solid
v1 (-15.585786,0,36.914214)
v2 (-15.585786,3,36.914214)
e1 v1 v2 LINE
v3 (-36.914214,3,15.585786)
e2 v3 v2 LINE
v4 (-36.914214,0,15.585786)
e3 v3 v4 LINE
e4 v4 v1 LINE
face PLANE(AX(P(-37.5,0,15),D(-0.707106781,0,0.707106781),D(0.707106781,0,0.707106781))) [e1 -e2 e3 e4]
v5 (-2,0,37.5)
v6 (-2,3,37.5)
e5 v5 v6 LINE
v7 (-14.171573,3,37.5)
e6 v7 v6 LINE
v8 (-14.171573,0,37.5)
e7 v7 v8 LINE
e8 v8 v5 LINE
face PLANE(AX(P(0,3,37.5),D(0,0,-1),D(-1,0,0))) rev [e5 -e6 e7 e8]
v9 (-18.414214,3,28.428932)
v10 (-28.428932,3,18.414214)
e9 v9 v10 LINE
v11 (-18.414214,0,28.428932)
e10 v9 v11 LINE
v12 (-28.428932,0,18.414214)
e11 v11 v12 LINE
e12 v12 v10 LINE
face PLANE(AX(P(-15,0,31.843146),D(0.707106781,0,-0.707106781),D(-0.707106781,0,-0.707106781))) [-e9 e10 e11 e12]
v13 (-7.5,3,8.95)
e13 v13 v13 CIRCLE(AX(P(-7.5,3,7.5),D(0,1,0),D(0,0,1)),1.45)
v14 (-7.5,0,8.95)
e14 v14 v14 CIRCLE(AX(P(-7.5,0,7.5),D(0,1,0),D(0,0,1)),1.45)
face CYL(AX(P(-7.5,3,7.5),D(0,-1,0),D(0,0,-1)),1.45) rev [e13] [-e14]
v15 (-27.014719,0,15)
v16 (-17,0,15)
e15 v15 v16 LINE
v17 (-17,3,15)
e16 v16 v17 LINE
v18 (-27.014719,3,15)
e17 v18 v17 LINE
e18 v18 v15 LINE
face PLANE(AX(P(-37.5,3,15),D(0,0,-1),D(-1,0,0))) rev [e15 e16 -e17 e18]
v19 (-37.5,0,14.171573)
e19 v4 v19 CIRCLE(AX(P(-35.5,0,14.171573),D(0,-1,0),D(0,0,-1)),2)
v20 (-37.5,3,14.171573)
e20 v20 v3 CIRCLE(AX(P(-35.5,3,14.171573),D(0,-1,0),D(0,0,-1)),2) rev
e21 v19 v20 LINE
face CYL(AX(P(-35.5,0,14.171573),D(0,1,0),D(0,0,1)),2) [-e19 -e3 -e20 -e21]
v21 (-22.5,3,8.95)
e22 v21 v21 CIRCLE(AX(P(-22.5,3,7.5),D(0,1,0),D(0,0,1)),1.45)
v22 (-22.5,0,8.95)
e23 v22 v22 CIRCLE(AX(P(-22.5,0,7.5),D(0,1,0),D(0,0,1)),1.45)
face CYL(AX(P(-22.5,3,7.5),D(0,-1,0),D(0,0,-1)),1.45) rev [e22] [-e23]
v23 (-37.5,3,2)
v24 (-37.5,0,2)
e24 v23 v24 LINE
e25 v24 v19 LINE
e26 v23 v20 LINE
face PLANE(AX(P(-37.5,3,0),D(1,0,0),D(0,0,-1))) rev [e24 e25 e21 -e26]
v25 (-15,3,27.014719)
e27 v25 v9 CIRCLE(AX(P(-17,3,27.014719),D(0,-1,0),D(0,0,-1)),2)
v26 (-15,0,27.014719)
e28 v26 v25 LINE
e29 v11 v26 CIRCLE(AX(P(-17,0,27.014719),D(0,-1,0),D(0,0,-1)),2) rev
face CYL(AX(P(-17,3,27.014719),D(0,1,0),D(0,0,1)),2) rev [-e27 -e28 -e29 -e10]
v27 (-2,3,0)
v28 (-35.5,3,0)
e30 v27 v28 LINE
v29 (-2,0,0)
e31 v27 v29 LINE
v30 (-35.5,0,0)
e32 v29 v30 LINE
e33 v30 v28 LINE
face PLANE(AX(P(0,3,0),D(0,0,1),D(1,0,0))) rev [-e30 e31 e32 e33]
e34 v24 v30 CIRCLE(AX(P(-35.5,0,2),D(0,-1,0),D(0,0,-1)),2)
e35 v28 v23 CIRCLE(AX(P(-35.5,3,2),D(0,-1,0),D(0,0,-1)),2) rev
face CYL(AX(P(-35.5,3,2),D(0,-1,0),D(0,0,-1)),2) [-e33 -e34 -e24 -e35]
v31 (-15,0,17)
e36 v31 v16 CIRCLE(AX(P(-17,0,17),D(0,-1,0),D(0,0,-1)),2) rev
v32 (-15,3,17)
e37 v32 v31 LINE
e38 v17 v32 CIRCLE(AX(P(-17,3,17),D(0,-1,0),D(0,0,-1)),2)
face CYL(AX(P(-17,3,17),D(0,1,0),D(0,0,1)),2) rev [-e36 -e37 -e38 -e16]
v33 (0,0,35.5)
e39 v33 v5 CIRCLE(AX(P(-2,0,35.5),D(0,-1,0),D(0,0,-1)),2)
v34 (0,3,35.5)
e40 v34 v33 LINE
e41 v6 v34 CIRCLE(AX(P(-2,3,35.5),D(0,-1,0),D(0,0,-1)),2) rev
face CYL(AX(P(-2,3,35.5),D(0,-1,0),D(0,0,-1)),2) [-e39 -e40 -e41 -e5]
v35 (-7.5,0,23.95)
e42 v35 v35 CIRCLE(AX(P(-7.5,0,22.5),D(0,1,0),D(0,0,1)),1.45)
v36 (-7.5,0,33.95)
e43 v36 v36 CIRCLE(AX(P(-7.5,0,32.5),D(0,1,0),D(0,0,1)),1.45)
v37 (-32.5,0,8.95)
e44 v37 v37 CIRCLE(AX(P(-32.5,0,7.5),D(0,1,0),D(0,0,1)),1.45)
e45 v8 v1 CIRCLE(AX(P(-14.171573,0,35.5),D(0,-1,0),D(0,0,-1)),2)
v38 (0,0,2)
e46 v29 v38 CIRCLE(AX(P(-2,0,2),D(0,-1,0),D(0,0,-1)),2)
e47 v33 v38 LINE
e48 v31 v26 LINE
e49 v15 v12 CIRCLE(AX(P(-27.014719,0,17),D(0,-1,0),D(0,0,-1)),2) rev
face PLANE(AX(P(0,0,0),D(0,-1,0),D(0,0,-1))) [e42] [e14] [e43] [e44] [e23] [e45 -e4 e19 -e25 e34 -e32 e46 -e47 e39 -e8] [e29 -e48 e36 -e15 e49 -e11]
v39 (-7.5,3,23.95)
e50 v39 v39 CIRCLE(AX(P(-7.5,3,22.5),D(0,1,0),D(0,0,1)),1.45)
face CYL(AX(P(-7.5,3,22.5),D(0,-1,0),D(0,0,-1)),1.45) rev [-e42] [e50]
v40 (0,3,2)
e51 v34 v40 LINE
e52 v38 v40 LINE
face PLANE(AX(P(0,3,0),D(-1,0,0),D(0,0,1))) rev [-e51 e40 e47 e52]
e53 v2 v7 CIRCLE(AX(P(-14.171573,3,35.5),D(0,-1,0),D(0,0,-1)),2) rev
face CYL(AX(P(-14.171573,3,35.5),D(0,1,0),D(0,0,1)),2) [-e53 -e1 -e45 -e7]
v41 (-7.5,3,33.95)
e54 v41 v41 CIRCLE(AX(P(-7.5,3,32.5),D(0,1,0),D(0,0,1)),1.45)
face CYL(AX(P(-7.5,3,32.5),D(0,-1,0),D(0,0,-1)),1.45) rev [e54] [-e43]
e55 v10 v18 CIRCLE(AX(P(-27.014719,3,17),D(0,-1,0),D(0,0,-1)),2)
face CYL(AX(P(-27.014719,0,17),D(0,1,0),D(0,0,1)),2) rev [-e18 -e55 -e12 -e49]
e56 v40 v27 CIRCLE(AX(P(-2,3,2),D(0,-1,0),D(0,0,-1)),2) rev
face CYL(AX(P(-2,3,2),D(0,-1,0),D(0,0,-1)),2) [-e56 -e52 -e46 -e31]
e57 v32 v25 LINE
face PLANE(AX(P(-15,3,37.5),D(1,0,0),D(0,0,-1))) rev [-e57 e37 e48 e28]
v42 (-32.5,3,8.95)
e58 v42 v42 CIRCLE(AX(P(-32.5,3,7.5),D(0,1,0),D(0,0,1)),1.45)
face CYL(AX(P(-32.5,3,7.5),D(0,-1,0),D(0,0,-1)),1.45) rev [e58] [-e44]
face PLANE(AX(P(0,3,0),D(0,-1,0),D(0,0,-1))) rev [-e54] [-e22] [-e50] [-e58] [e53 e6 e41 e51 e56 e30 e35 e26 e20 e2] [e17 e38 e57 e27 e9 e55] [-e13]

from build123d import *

# Parameters (mm, degrees)
SKETCH_1_R      = 1.45
EXTRUDE_1_DEPTH = 3
EXTRUDE_2_DEPTH = 3
FILLET_1_R      = 2


with BuildPart() as part:
    # 草图1 → 凸台-拉伸1 (new body)
    with BuildSketch(Plane(origin=(0, 0, 0), x_dir=(1, 0, 0), z_dir=(0, 1, 0))):
        Polygon((0, 0), (-37.5, 0), (-37.5, -15), (-15, -15), (-15, -37.5), (0, -37.5), align=None)
        with Locations(Location((-7.5, -7.5, 0), (0, 0, 270))):
            Circle(SKETCH_1_R, mode=Mode.SUBTRACT)
        with Locations(Location((-22.5, -7.5, 0), (0, 0, 270))):
            Circle(SKETCH_1_R, mode=Mode.SUBTRACT)
        with Locations(Location((-32.5, -7.5, 0), (0, 0, 270))):
            Circle(SKETCH_1_R, mode=Mode.SUBTRACT)
        with Locations(Location((-7.5, -22.5, 0), (0, 0, 270))):
            Circle(SKETCH_1_R, mode=Mode.SUBTRACT)
        with Locations(Location((-7.5, -32.5, 0), (0, 0, 270))):
            Circle(SKETCH_1_R, mode=Mode.SUBTRACT)
    extrude(amount=EXTRUDE_1_DEPTH)

    # 草图2 → 凸台-拉伸2 (add)
    with BuildSketch(Plane(origin=(0, 3, 0), x_dir=(1, 0, 0), z_dir=(0, 1, 0))):
        Polygon((-37.5, -15), (-15, -37.5), (-15, -31.843145751), (-31.843145751, -15), align=None)
    extrude(amount=-EXTRUDE_2_DEPTH)

    # 圆角1
    fillet_1_edges = [part.edges().sort_by_distance(p)[0] for p in [
        (0, 1.5, 37.5),
        (-15, 1.5, 37.5),
        (-15, 1.5, 15),
        (-37.5, 1.5, 15),
        (-37.5, 1.5, 0),
        (0, 1.5, 0),
        (-31.843145751, 1.5, 15),
        (-15, 1.5, 31.843145751),
    ]]
    fillet(fillet_1_edges, radius=FILLET_1_R)


solid = part.part
